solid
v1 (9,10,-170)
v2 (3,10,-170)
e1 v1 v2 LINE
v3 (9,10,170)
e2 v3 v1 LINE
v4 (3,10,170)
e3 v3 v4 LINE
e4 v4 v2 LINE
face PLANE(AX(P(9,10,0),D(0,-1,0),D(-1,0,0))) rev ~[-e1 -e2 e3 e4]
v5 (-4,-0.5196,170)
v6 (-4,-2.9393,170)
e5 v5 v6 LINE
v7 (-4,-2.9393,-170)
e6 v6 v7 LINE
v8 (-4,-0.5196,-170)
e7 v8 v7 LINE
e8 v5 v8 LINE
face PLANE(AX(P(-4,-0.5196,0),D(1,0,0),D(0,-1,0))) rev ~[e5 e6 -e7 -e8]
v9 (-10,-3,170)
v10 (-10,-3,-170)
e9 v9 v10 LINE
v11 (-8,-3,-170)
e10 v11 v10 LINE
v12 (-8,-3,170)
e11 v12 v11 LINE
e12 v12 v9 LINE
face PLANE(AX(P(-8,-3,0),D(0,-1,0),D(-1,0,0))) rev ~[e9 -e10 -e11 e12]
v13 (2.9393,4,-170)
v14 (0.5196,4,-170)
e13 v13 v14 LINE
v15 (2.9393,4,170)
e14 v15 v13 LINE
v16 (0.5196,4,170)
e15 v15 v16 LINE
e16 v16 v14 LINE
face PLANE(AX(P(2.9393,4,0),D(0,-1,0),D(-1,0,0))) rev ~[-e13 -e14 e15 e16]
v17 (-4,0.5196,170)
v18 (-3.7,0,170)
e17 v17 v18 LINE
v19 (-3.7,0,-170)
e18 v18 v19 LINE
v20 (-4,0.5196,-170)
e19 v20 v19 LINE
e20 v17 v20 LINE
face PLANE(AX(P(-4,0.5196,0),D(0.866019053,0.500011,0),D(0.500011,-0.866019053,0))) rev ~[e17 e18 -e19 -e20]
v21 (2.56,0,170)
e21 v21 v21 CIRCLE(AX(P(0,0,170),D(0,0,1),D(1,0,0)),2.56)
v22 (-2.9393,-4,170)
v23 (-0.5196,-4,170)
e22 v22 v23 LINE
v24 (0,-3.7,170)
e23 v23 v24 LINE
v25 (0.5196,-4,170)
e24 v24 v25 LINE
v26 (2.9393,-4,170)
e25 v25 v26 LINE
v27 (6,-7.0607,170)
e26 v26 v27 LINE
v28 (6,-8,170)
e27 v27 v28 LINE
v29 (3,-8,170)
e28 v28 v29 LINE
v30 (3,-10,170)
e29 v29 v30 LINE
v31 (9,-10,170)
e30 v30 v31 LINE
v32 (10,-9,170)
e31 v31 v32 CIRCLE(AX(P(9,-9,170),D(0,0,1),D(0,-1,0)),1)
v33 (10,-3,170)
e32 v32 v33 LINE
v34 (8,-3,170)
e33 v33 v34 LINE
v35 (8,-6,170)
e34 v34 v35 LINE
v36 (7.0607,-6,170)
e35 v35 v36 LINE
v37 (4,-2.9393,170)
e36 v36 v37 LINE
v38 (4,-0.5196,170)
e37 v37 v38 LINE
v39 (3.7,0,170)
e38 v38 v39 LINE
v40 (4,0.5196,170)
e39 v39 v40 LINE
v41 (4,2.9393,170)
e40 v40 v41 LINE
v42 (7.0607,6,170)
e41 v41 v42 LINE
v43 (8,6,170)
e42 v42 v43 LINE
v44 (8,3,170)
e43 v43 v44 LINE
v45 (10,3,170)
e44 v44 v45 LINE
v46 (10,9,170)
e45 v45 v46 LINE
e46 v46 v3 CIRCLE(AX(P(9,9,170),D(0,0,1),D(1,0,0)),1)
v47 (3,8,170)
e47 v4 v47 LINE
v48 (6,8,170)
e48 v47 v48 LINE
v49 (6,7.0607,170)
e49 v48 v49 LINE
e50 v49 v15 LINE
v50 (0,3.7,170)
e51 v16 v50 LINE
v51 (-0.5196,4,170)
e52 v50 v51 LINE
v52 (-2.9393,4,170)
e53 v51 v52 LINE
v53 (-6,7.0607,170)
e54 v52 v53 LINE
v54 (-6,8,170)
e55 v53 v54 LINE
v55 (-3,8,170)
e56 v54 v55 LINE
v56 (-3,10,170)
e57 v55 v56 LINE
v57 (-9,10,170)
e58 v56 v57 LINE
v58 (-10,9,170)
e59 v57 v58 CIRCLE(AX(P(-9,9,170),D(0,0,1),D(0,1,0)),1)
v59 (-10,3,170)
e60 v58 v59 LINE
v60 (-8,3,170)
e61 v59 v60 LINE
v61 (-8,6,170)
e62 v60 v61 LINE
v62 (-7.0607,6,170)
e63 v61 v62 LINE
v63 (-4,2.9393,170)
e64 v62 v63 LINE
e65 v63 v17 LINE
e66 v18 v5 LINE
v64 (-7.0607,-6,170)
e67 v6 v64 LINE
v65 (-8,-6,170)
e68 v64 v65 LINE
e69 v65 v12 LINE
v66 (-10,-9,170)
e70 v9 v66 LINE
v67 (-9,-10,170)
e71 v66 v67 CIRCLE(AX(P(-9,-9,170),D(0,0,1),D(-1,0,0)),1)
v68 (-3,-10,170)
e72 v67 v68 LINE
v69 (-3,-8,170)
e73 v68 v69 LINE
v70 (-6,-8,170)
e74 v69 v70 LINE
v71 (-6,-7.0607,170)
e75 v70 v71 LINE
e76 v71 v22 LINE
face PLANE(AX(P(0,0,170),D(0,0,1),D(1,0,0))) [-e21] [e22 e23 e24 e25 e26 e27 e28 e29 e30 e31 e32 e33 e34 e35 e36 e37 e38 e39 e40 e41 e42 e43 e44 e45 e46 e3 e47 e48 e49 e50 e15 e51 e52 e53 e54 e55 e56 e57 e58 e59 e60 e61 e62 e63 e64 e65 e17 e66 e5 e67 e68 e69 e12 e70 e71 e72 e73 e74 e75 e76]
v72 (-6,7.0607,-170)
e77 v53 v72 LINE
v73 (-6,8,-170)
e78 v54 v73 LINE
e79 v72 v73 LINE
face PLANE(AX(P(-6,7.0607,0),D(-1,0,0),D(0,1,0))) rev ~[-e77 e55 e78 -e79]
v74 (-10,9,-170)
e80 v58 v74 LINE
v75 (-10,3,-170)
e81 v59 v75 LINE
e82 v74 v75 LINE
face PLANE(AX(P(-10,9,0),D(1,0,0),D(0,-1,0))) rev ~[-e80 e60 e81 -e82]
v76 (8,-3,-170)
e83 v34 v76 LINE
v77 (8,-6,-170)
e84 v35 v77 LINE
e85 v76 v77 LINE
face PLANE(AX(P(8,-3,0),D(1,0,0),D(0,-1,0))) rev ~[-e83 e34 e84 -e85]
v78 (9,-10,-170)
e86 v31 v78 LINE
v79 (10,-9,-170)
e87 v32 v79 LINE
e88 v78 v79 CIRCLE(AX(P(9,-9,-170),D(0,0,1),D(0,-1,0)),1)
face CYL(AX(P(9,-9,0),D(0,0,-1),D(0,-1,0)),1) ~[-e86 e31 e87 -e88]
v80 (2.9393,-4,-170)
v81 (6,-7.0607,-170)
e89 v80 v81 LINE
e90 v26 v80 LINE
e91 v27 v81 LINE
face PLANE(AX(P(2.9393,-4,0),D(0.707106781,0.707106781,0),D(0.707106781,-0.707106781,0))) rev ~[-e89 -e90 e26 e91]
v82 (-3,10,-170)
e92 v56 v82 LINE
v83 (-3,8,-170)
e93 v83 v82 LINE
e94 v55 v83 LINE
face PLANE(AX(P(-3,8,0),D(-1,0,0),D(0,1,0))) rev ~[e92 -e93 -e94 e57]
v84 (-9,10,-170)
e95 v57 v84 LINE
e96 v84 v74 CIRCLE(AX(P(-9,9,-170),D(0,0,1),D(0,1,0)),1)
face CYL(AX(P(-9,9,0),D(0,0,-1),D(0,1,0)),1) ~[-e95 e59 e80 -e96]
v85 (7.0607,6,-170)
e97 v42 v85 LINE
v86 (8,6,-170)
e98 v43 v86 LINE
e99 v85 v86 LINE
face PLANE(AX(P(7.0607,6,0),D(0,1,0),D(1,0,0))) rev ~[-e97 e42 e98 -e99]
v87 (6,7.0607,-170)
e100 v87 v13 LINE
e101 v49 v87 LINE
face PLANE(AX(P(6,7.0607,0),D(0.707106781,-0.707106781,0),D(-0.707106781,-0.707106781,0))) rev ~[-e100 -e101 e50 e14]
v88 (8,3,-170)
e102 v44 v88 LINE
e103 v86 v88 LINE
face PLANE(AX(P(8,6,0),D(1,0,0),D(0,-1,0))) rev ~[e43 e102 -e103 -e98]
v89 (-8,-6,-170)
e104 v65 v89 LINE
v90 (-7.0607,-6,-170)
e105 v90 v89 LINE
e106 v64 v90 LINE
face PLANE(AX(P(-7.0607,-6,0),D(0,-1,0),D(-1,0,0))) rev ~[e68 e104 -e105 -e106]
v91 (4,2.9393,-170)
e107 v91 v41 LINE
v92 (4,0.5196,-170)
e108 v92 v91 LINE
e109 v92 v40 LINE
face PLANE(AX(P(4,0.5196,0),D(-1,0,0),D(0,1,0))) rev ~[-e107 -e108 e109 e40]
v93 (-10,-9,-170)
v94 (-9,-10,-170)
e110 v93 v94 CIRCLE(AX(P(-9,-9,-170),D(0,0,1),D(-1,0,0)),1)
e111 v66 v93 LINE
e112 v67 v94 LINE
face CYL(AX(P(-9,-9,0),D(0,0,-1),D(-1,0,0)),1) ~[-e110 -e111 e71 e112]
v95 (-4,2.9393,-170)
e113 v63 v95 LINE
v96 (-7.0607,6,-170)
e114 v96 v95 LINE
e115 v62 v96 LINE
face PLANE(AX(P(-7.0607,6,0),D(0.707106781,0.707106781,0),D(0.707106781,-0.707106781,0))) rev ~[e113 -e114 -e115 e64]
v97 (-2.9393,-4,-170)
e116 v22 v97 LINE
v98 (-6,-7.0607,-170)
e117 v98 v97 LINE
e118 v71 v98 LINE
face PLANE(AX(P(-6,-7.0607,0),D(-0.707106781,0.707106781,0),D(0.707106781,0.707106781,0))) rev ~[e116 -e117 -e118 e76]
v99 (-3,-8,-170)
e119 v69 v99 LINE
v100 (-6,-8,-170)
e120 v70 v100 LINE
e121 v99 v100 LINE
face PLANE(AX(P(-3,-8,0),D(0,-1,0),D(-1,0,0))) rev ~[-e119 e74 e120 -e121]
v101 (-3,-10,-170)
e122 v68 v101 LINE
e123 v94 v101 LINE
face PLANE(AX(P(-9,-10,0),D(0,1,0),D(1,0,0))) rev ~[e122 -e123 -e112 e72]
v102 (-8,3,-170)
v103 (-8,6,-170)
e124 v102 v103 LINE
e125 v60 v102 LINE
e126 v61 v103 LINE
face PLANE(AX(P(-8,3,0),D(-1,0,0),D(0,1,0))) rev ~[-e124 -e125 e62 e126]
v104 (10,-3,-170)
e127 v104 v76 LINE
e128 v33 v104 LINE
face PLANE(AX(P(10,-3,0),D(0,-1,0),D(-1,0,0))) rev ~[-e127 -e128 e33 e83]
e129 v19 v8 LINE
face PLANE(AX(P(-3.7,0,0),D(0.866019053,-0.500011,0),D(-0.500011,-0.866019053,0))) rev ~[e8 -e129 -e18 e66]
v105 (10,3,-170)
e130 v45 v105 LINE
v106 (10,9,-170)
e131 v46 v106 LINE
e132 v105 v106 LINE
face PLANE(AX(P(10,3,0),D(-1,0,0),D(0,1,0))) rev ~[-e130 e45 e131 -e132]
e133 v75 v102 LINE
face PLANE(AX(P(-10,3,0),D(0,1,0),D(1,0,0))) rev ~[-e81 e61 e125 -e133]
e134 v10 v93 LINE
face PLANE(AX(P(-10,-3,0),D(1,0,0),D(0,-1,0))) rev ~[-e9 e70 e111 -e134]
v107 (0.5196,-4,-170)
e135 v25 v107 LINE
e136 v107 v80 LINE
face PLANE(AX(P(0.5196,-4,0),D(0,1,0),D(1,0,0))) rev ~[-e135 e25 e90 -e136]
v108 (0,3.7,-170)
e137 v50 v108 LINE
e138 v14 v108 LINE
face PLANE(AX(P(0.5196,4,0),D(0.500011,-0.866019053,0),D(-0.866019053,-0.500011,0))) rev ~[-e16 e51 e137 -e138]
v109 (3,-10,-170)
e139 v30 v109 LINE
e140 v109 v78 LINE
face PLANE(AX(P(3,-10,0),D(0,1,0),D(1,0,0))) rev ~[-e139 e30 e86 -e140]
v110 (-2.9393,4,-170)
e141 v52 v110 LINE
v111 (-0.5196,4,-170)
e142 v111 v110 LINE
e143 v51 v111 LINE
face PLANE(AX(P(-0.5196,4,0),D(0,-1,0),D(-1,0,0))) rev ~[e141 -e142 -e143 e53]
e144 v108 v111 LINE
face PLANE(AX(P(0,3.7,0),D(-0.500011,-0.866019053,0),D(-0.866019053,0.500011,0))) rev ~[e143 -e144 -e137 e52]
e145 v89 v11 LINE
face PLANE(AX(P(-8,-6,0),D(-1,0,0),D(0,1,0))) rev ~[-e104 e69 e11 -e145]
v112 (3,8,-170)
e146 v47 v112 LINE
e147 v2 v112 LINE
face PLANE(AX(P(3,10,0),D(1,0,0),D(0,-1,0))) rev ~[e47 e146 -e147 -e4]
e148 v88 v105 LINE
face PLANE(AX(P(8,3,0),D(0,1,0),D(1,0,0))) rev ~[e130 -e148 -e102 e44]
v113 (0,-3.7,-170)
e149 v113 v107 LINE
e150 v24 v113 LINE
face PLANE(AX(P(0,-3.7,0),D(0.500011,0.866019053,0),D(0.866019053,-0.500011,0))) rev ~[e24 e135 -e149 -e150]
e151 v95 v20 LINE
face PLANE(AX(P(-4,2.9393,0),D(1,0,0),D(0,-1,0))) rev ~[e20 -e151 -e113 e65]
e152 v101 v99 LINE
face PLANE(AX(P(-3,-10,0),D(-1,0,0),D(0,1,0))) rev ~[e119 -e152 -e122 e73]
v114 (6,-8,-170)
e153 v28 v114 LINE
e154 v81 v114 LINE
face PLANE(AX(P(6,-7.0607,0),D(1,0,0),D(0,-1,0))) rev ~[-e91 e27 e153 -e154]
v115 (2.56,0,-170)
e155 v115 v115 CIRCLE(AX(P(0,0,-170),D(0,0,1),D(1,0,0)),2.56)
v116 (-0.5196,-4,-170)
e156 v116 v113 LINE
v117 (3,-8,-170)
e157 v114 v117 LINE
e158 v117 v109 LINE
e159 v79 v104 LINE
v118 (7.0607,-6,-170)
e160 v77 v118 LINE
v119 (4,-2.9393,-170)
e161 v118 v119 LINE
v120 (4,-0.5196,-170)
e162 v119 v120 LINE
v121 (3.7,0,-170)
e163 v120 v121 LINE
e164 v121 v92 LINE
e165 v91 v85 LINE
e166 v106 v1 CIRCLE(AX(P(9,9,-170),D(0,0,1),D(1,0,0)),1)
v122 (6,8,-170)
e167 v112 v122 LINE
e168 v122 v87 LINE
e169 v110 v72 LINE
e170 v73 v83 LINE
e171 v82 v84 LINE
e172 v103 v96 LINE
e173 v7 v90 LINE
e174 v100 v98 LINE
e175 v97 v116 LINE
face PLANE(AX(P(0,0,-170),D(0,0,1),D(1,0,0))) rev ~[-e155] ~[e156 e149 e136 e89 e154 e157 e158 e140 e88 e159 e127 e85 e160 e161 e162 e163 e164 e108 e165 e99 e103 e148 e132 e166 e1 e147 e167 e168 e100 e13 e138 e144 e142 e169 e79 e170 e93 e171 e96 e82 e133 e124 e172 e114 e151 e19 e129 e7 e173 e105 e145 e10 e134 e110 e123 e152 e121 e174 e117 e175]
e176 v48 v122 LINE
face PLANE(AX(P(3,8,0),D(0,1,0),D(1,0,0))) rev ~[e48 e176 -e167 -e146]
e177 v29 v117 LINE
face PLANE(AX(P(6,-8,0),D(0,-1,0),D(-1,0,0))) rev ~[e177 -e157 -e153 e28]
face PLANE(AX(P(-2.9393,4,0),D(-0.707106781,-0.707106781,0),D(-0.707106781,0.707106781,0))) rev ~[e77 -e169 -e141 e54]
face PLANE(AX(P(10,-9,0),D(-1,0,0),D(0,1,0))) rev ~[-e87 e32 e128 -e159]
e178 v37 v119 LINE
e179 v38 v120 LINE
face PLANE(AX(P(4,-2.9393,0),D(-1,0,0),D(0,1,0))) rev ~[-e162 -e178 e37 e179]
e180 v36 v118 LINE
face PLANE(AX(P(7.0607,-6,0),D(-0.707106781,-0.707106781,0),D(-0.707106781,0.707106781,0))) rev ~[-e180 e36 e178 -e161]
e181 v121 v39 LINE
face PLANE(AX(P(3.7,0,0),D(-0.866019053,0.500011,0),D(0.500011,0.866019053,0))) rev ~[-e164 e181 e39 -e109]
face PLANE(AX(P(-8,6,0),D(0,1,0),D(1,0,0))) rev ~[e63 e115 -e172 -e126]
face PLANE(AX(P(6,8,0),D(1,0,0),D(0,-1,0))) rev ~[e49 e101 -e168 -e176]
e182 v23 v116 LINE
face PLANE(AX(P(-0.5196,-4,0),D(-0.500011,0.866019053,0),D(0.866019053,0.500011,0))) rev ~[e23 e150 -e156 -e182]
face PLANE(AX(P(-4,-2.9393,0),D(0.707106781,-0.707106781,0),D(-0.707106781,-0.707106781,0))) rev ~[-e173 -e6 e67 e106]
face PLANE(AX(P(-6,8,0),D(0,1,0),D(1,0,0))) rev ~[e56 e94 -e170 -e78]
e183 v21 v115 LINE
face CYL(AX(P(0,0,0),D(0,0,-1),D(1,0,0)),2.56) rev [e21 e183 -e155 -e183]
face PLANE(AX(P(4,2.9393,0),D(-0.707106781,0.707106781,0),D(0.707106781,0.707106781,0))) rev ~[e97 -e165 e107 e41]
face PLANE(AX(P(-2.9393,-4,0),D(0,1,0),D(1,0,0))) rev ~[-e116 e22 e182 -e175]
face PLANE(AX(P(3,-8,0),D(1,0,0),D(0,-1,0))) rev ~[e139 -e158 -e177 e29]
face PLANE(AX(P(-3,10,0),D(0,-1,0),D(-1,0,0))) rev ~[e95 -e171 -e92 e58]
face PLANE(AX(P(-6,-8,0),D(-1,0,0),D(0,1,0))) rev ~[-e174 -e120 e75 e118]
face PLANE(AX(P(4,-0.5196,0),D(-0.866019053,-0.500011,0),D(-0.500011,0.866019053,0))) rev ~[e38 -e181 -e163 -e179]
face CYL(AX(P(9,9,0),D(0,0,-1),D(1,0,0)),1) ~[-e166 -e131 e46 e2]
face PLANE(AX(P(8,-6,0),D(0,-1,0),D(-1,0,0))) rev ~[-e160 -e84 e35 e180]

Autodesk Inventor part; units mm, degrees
ref_plane "YZ Plane" through (0, 0, 0) normal (1, 0, 0) x (0, 1, 0)
ref_plane "XZ Plane" through (0, 0, 0) normal (0, 1, 0) x (-1, 0, 0)
ref_plane "XY Plane" through (0, 0, 0) normal (0, 0, 1) x (1, 0, 0)
sketch "Skizze1" plane through (0, 0, 0) normal (0, 0, 1) x (1, 0, 0)
  line L0 (3.7, 0) -> (4, 0.5196)
  line L1 (4, 0.5196) -> (4, 2.9393)
  line L2 (4, 2.9393) -> (7.0607, 6)
  line L3 (7.0607, 6) -> (8, 6)
  line L4 (8, 6) -> (8, 3)
  line L5 (8, 3) -> (10, 3)
  line L6 (10, 3) -> (10, 9)
  arc A0 (10, 9) -> (9, 10) centre (9, 9) ccw
  line L7 (9, 10) -> (3, 10)
  line L8 (3, 10) -> (3, 8)
  line L9 (3, 8) -> (6, 8)
  line L10 (6, 8) -> (6, 7.0607)
  line L11 (6, 7.0607) -> (2.9393, 4)
  line L12 (2.9393, 4) -> (0.5196, 4)
  line L13 (0.5196, 4) -> (0, 3.7)
  circle A1 centre (0, 0) radius 2.56
  line L14 (0, 0) -> (9.7071, 9.7071) construction
  line L15 (-14.2899, 0) -> (14.2899, 0) construction
  line L16 (0, -14.2899) -> (0, 14.2899) construction
  line L17 (0, 3.7) -> (-0.5196, 4)
  line L18 (-0.5196, 4) -> (-2.9393, 4)
  line L19 (-3, 8) -> (-3, 10)
  line L20 (-4, 0.5196) -> (-3.7, 0)
  line L21 (-4, 2.9393) -> (-4, 0.5196)
  line L22 (-6, 7.0607) -> (-6, 8)
  line L23 (-6, 8) -> (-3, 8)
  line L24 (-7.0607, 6) -> (-4, 2.9393)
  line L25 (0, 0) -> (-9.7071, 9.7071) construction
  line L26 (-8, 6) -> (-7.0607, 6)
  line L27 (-2.9393, 4) -> (-6, 7.0607)
  line L28 (-8, 3) -> (-8, 6)
  line L29 (-10, 3) -> (-8, 3)
  arc A2 (-9, 10) -> (-10, 9) centre (-9, 9) ccw
  line L30 (-10, 9) -> (-10, 3)
  line L31 (-3, 10) -> (-9, 10)
  line L32 (-3.7, 0) -> (-4, -0.5196)
  line L33 (-4, -0.5196) -> (-4, -2.9393)
  line L34 (-8, -3) -> (-10, -3)
  line L35 (-0.5196, -4) -> (0, -3.7)
  line L36 (-2.9393, -4) -> (-0.5196, -4)
  line L37 (-7.0607, -6) -> (-8, -6)
  line L38 (-8, -6) -> (-8, -3)
  line L39 (-6, -7.0607) -> (-2.9393, -4)
  line L40 (0, 0) -> (-9.7071, -9.7071) construction
  line L41 (-6, -8) -> (-6, -7.0607)
  line L42 (-4, -2.9393) -> (-7.0607, -6)
  line L43 (-3, -8) -> (-6, -8)
  line L44 (-3, -10) -> (-3, -8)
  arc A3 (-10, -9) -> (-9, -10) centre (-9, -9) ccw
  line L45 (-9, -10) -> (-3, -10)
  line L46 (-10, -3) -> (-10, -9)
  line L47 (0, -3.7) -> (0.5196, -4)
  line L48 (0.5196, -4) -> (2.9393, -4)
  line L49 (3, -8) -> (3, -10)
  line L50 (4, -0.5196) -> (3.7, 0)
  line L51 (4, -2.9393) -> (4, -0.5196)
  line L52 (6, -7.0607) -> (6, -8)
  line L53 (6, -8) -> (3, -8)
  line L54 (7.0607, -6) -> (4, -2.9393)
  line L55 (0, 0) -> (9.7071, -9.7071) construction
  line L56 (8, -6) -> (7.0607, -6)
  line L57 (2.9393, -4) -> (6, -7.0607)
  line L58 (8, -3) -> (8, -6)
  line L59 (10, -3) -> (8, -3)
  arc A4 (9, -10) -> (10, -9) centre (9, -9) ccw
  line L60 (10, -9) -> (10, -3)
  line L61 (3, -10) -> (9, -10)
  point P0 (-3.7, 0)
  point P1 (0, -3.7)
  dimension "d14" = 1.5
  dimension "d15" = 3
  dimension "d16" = 4
  dimension "d17" = 0.3
  dimension "d18" = 2
  dimension "d19" = 6
  dimension "d20" = 10
  dimension "d21" = 10
  dimension "d22" = 2
  dimension "d23" = 3
  dimension "d24" = 6
  dimension "d25" = 1
  dimension "d26" = 4
  dimension "d27" = 0.3
  dimension "d28" = 0.5196
  dimension "d29" = 0.5196
  dimension "d30" = 5.12
  dimension "d33" = 360
extrude "Extrusion1" add sketch "Skizze1" along normal mid plane 340
properties part number "Extrusion_20x20x340" material "Aluminium 6061"
